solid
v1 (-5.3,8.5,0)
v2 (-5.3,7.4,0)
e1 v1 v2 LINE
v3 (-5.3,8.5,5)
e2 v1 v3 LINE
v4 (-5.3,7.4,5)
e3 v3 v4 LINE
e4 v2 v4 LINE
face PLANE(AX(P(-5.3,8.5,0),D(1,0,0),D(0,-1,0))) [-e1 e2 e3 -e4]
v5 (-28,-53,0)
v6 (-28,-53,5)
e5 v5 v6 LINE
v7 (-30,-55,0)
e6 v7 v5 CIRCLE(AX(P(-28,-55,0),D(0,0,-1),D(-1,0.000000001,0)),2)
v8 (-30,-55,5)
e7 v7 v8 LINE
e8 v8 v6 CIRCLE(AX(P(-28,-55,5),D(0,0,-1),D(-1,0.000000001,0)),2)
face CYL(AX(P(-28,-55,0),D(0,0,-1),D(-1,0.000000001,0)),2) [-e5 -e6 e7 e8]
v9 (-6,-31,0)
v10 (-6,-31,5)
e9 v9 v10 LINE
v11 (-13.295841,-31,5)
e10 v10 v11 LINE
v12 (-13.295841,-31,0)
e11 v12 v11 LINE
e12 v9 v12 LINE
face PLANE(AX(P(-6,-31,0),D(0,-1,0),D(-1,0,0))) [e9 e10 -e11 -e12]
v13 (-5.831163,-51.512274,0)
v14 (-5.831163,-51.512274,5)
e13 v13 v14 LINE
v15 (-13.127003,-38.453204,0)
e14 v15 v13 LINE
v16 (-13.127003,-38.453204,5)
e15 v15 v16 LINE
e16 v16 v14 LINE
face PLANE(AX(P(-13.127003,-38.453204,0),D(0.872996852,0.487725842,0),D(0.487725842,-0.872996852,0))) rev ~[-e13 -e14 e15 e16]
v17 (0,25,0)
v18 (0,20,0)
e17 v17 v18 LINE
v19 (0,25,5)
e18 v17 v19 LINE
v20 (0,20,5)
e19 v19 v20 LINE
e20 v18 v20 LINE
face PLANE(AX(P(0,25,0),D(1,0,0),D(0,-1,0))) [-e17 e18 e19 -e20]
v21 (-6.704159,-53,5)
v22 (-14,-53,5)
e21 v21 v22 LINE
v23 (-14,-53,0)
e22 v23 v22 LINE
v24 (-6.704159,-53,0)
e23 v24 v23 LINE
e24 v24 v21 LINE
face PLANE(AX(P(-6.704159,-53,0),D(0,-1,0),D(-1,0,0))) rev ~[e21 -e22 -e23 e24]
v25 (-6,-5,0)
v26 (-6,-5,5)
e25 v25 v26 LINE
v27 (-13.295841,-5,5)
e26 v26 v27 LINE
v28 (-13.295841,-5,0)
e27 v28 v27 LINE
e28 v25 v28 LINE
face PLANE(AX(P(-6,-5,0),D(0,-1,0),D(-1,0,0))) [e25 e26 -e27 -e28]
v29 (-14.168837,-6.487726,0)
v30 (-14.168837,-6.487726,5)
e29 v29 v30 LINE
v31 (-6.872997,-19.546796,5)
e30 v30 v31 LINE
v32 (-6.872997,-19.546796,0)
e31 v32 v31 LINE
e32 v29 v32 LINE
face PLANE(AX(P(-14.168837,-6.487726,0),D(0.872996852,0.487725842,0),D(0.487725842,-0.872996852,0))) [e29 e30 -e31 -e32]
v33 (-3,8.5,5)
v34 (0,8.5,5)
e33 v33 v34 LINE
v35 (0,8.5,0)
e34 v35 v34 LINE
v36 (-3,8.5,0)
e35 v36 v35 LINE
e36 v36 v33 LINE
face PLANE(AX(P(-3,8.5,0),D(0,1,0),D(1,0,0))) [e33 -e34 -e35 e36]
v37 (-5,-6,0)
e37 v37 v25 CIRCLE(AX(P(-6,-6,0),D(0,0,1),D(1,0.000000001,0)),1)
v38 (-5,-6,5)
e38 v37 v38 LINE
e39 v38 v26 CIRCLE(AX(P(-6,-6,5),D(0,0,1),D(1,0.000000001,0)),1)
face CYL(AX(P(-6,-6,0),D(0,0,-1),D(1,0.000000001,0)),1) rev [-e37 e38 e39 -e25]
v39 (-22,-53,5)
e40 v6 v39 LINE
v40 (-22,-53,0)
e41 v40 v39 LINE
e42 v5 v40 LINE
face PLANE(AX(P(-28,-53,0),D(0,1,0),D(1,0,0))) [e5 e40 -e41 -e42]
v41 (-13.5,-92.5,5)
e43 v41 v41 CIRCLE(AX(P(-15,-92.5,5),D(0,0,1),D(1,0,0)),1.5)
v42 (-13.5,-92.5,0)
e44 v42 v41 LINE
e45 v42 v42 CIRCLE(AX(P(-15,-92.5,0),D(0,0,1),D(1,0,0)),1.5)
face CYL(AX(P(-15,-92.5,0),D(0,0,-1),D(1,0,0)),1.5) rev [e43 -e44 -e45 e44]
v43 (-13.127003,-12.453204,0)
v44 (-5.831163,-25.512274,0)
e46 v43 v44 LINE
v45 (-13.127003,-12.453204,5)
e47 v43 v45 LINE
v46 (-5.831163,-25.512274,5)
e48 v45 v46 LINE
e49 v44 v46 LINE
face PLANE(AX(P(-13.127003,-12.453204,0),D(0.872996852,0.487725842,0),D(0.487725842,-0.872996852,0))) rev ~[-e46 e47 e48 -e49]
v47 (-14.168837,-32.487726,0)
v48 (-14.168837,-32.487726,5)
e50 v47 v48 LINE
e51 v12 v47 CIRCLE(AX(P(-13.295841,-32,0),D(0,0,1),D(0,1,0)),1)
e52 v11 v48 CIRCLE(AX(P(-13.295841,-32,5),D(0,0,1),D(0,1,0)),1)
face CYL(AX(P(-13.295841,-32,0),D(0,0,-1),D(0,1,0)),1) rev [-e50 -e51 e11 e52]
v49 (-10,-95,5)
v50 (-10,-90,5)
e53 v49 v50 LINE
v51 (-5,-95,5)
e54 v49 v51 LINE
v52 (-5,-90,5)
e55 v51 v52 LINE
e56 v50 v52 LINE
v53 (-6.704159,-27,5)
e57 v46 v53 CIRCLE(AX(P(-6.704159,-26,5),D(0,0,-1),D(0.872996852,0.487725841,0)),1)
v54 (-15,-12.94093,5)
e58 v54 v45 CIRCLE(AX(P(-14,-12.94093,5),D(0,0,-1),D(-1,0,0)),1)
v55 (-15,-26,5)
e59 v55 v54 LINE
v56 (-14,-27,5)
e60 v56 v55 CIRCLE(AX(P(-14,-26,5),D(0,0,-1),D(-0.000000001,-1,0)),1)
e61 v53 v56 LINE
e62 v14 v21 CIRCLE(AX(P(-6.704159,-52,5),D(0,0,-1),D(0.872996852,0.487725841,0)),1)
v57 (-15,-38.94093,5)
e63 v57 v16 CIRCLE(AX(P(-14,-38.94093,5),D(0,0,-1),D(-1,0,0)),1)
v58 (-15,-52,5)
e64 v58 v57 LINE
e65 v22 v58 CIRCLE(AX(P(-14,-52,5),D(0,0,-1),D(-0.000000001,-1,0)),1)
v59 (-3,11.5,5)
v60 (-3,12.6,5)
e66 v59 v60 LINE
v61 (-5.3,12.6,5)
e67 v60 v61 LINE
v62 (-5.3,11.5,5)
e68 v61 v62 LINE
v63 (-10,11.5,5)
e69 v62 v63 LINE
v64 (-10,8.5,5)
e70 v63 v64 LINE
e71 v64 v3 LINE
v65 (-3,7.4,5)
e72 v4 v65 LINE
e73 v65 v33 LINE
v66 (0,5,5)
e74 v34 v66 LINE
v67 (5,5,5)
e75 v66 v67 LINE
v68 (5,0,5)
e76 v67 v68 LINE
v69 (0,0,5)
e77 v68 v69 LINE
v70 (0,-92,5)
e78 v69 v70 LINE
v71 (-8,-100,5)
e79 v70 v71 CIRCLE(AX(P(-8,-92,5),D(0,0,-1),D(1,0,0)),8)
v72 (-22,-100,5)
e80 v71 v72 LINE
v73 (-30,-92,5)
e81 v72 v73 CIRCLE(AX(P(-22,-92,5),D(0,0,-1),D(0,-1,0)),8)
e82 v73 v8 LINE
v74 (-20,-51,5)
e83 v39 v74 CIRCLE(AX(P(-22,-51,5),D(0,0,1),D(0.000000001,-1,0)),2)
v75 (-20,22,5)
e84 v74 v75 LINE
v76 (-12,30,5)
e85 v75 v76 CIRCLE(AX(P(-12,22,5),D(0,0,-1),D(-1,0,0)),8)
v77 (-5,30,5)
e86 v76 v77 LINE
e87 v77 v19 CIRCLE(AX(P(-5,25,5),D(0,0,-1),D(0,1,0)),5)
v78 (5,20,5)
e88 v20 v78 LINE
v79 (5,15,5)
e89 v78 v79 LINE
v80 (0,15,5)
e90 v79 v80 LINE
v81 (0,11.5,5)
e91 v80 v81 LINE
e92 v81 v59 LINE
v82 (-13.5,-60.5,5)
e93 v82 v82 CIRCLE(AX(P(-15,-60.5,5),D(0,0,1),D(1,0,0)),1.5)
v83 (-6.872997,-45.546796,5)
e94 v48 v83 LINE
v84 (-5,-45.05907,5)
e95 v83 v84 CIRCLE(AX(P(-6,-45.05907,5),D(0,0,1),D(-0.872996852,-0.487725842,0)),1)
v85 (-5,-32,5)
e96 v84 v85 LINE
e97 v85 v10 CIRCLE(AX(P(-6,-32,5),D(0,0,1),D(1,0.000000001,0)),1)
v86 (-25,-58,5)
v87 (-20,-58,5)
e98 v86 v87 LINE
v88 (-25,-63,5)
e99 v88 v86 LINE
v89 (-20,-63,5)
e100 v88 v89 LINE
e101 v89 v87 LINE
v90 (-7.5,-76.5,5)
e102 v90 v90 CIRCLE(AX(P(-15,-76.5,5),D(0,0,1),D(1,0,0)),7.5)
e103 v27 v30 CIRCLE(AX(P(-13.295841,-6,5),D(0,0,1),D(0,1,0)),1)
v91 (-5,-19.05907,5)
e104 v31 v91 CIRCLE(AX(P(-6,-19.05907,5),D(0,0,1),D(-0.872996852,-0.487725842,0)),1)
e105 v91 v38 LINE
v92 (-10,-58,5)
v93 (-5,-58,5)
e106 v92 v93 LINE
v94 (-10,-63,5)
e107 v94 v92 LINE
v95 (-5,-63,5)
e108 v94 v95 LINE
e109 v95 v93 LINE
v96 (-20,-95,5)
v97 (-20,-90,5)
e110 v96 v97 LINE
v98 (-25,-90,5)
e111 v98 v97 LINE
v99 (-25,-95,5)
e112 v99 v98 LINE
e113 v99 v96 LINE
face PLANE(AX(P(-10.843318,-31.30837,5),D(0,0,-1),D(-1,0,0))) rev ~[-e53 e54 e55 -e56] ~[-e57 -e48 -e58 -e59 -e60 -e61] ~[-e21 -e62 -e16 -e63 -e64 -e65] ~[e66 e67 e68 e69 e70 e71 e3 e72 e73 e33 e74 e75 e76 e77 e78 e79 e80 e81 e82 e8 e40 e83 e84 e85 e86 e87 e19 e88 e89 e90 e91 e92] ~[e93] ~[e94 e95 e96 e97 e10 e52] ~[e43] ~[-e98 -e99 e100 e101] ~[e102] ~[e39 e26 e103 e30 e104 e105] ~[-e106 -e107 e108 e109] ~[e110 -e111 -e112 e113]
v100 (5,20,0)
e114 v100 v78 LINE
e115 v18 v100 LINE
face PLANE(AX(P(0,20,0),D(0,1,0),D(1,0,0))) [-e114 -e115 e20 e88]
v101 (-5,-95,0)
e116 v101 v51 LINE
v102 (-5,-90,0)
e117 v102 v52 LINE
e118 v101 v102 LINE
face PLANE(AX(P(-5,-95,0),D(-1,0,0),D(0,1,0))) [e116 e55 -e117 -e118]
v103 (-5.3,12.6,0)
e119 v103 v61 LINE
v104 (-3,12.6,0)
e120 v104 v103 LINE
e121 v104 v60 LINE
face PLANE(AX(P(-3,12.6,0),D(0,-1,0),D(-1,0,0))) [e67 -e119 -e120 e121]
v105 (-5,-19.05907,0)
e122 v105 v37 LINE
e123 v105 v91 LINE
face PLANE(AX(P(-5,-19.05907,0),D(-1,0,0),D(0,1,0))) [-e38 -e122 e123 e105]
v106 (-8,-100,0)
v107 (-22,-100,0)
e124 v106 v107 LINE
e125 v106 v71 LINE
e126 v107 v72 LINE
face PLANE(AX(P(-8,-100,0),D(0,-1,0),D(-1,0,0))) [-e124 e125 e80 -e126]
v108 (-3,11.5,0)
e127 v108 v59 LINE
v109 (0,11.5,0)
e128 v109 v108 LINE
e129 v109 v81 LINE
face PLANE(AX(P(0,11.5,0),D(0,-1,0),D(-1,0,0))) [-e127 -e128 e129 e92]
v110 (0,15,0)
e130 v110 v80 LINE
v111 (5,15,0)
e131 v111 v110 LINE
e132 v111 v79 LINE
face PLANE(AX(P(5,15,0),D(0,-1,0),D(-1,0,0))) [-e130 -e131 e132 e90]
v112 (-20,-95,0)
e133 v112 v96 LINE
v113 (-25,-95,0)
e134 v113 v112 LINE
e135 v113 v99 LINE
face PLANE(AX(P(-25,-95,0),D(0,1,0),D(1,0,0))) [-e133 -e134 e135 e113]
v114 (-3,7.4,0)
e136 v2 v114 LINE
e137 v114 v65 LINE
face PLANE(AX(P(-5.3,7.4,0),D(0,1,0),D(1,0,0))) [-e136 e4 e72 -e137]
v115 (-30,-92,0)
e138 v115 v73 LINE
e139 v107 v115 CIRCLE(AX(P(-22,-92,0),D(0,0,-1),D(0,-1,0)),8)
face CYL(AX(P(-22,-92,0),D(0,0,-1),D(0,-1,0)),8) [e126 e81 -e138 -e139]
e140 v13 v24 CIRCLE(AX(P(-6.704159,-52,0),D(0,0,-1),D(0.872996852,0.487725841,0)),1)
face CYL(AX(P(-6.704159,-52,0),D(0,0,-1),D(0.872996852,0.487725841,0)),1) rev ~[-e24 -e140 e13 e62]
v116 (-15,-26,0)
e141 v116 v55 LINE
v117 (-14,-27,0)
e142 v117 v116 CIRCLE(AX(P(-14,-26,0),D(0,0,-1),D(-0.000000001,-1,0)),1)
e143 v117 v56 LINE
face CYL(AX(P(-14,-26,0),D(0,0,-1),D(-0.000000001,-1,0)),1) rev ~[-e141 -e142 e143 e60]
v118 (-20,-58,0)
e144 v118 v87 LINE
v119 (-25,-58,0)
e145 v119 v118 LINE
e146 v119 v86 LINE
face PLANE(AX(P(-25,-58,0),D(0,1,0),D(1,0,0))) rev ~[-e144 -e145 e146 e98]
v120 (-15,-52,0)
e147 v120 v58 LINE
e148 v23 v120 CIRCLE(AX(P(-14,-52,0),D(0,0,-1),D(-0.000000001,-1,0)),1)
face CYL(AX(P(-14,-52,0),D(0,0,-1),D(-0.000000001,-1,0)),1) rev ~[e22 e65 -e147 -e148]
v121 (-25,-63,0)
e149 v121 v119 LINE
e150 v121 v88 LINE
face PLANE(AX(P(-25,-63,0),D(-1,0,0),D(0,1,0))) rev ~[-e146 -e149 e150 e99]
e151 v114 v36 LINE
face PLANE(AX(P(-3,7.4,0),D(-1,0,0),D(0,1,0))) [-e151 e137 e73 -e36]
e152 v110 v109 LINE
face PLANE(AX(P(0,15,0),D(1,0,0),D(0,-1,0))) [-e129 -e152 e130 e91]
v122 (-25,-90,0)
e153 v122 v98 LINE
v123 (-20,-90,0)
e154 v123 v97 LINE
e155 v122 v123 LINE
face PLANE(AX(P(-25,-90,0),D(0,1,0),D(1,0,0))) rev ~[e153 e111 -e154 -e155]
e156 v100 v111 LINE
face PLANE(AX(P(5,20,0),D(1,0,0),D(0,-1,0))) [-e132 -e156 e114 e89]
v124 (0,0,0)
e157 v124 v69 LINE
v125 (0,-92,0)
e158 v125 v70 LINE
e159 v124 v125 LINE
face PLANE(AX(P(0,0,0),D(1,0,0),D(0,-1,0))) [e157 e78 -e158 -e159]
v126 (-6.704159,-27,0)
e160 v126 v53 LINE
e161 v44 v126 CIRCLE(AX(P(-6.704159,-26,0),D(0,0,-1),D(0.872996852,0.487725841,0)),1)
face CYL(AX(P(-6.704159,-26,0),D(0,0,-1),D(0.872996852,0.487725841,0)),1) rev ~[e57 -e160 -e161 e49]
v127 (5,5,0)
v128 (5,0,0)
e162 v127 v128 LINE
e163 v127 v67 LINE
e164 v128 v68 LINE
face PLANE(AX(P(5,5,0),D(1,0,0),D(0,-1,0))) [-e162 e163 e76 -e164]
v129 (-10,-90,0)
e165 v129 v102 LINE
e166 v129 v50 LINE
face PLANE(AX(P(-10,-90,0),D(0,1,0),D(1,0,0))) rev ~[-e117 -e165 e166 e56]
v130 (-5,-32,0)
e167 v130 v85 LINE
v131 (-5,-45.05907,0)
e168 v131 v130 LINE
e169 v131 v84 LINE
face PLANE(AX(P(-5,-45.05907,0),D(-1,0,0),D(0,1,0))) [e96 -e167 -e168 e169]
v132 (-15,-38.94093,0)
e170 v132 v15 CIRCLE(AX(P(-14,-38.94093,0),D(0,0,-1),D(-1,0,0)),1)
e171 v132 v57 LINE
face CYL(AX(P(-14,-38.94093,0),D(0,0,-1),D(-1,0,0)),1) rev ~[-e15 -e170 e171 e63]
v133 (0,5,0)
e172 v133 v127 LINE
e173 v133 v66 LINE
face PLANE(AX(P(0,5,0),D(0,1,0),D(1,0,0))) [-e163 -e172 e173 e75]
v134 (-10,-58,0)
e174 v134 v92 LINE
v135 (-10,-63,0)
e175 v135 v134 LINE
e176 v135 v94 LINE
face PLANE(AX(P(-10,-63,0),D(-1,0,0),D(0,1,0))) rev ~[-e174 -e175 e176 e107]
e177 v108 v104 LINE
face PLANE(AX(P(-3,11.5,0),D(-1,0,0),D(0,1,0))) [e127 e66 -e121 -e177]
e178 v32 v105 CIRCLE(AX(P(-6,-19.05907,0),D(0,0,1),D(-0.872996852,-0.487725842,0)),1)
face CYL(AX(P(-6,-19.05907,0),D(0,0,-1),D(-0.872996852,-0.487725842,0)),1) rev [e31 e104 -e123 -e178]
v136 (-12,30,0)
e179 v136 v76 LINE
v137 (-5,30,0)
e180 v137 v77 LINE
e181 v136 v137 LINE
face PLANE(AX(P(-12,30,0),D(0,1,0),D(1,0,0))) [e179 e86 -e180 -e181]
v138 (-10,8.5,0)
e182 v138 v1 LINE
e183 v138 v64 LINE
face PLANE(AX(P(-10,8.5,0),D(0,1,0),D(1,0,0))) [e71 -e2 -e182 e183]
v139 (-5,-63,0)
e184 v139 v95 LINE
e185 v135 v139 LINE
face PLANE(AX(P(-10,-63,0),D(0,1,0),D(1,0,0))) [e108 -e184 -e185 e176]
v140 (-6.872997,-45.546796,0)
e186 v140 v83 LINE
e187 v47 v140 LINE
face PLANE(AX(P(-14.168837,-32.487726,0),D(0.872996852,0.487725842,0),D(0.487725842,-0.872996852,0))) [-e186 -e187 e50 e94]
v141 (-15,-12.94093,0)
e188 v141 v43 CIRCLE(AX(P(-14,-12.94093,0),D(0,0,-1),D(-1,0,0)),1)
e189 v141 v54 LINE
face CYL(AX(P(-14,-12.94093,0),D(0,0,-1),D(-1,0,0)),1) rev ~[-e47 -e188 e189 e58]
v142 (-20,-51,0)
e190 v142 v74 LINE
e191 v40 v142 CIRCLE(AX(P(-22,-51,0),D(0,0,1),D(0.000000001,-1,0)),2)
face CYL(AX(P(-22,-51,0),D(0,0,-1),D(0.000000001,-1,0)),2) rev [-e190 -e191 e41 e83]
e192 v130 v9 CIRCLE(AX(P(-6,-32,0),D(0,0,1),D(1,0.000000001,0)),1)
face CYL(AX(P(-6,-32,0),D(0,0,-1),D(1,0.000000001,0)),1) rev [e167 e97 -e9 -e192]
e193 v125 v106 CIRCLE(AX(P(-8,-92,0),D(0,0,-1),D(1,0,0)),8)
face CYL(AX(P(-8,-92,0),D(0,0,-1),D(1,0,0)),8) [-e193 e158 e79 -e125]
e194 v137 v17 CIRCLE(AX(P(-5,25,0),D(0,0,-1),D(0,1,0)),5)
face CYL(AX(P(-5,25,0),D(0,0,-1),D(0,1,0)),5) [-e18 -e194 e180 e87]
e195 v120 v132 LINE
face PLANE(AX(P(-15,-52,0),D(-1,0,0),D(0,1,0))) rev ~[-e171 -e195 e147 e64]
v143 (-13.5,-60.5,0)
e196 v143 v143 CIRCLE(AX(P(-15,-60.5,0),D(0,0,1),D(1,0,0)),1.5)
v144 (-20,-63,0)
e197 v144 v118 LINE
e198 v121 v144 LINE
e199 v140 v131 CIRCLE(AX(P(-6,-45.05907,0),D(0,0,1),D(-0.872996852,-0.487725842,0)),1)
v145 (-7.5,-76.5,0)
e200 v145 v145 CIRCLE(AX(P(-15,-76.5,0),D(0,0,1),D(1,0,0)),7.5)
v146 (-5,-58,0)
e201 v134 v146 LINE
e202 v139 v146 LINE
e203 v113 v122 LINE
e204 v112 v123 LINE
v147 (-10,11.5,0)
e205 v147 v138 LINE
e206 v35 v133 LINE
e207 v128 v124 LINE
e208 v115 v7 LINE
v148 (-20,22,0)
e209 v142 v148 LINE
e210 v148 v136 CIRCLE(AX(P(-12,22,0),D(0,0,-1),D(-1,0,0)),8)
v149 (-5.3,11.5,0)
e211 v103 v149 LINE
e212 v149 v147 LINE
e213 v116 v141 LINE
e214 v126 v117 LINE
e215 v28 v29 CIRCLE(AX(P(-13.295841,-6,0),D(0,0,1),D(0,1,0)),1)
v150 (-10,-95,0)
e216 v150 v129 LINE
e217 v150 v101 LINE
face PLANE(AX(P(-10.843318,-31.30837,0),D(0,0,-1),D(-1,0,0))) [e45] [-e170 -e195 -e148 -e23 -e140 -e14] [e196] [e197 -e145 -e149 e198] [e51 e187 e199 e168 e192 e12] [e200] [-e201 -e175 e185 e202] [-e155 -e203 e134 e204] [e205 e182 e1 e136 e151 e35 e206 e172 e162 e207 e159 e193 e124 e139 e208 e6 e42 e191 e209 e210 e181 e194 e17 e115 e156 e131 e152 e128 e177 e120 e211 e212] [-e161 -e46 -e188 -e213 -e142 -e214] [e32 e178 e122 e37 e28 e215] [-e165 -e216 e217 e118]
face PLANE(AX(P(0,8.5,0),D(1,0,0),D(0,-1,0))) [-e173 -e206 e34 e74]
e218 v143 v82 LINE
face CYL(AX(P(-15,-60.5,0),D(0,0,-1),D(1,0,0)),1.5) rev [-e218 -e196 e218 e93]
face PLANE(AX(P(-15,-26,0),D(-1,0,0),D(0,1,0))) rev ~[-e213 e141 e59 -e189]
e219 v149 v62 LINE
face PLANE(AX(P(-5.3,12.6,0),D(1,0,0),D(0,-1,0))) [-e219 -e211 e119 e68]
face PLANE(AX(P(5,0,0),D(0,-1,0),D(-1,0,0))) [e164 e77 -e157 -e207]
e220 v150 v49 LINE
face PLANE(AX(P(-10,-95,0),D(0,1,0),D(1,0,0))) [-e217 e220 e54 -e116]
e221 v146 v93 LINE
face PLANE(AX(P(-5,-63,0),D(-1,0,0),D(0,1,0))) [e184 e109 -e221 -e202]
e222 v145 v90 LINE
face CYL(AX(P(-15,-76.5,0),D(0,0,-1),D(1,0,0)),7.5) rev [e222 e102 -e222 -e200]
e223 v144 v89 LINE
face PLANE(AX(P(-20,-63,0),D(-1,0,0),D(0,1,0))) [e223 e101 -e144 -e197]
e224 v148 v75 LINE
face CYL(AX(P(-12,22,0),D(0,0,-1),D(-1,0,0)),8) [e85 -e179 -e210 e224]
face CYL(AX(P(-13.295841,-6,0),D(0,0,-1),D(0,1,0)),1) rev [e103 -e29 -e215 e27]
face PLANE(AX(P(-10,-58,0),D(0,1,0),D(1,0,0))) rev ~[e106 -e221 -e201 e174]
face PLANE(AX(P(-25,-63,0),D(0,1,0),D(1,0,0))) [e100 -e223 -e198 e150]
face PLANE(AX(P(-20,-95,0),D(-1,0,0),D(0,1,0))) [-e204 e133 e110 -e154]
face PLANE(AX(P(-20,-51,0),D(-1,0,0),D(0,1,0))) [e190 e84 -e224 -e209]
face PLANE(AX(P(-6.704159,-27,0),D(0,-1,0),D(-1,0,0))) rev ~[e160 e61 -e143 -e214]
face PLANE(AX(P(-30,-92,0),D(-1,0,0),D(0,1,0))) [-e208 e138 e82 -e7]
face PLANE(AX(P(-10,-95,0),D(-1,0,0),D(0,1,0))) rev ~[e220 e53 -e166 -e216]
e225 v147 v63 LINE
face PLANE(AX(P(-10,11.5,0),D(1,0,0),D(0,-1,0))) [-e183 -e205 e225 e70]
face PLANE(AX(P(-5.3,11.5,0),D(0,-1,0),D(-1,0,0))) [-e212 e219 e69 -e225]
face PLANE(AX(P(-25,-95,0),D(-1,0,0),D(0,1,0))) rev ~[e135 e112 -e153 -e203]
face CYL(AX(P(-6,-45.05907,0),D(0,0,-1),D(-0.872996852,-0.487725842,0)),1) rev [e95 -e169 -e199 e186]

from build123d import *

# Parameters (mm, degrees)
ESQUISSE1_R        = 7.5
ESQUISSE1_R_2      = 1.5
ESQUISSE1_W        = 5
ESQUISSE1_H        = 5
BOSS_EXTRU_1_DEPTH = 5


with BuildPart() as part:
    # Esquisse1 → Boss.-Extru.1 (new body)
    with BuildSketch(Plane.XY):
        with BuildLine():
            Line((0, 0), (0, -92))
            ThreePointArc((0, -92), (-2.343145751, -97.656854249), (-8, -100))
            Line((-8, -100), (-22, -100))
            ThreePointArc((-22, -100), (-27.656854249, -97.656854249), (-30, -92))
            Line((-30, -92), (-30, -55))
            ThreePointArc((-30, -55), (-29.414213562, -53.585786438), (-28, -53))
            Line((-28, -53), (-22, -53))
            ThreePointArc((-22, -53), (-20.585786438, -52.414213562), (-20, -51))
            Line((-20, -51), (-20, 22))
            ThreePointArc((-20, 22), (-17.656854249, 27.656854249), (-12, 30))
            Line((-12, 30), (-5, 30))
            ThreePointArc((-5, 30), (-1.464466094, 28.535533906), (0, 25))
            Line((0, 25), (0, 20))
            Line((0, 20), (5, 20))
            Line((5, 20), (5, 15))
            Line((5, 15), (0, 15))
            Line((0, 15), (0, 11.5))
            Line((0, 11.5), (-3, 11.5))
            Line((-3, 11.5), (-3, 12.6))
            Line((-3, 12.6), (-5.3, 12.6))
            Line((-5.3, 12.6), (-5.3, 11.5))
            Line((-5.3, 11.5), (-10, 11.5))
            Line((-10, 11.5), (-10, 8.5))
            Line((-10, 8.5), (-5.3, 8.5))
            Line((-5.3, 8.5), (-5.3, 7.4))
            Line((-5.3, 7.4), (-3, 7.4))
            Line((-3, 7.4), (-3, 8.5))
            Line((-3, 8.5), (0, 8.5))
            Line((0, 8.5), (0, 5))
            Line((0, 5), (5, 5))
            Line((5, 5), (5, 0))
            Line((5, 0), (0, 0))
        make_face()
        with Locations((-15, -76.5)):
            Circle(ESQUISSE1_R, mode=Mode.SUBTRACT)
        with Locations((-15, -60.5)):
            Circle(ESQUISSE1_R_2, mode=Mode.SUBTRACT)
        with Locations((-15, -92.5)):
            Circle(ESQUISSE1_R_2, mode=Mode.SUBTRACT)
        with Locations((-7.5, -92.5)):
            Rectangle(ESQUISSE1_W, ESQUISSE1_H, mode=Mode.SUBTRACT)
        with Locations((-22.5, -92.5)):
            Rectangle(ESQUISSE1_W, ESQUISSE1_H, mode=Mode.SUBTRACT)
        with Locations((-22.5, -60.5)):
            Rectangle(ESQUISSE1_W, ESQUISSE1_H, mode=Mode.SUBTRACT)
        with Locations((-7.5, -60.5)):
            Rectangle(ESQUISSE1_W, ESQUISSE1_H, mode=Mode.SUBTRACT)
        with BuildLine():
            Line((-6, -5), (-13.295840542, -5))
            ThreePointArc((-13.295840542, -5), (-14.158315423, -5.493900129), (-14.168837394, -6.487725842))
            Line((-14.168837394, -6.487725842), (-6.872996852, -19.546795671))
            ThreePointArc((-6.872996852, -19.546795671), (-5.748004813, -20.026798317), (-5, -19.059069829))
            Line((-5, -19.059069829), (-5, -6))
            ThreePointArc((-5, -6), (-5.292893219, -5.292893219), (-6, -5))
        make_face(mode=Mode.SUBTRACT)
        with BuildLine():
            Line((-13.127003148, -12.453204329), (-5.831162606, -25.512274158))
            ThreePointArc((-5.831162606, -25.512274158), (-5.841684577, -26.506099871), (-6.704159458, -27))
            Line((-6.704159458, -27), (-14, -27))
            ThreePointArc((-14, -27), (-14.707106781, -26.707106781), (-15, -26))
            Line((-15, -26), (-15, -12.940930171))
            ThreePointArc((-15, -12.940930171), (-14.251995187, -11.973201683), (-13.127003148, -12.453204329))
        make_face(mode=Mode.SUBTRACT)
        with BuildLine():
            Line((-6, -31), (-13.295840542, -31))
            ThreePointArc((-13.295840542, -31), (-14.158315423, -31.493900129), (-14.168837394, -32.487725842))
            Line((-14.168837394, -32.487725842), (-6.872996852, -45.546795671))
            ThreePointArc((-6.872996852, -45.546795671), (-5.748004813, -46.026798317), (-5, -45.059069829))
            Line((-5, -45.059069829), (-5, -32))
            ThreePointArc((-5, -32), (-5.292893219, -31.292893219), (-6, -31))
        make_face(mode=Mode.SUBTRACT)
        with BuildLine():
            Line((-13.127003148, -38.453204329), (-5.831162606, -51.512274158))
            ThreePointArc((-5.831162606, -51.512274158), (-5.841684577, -52.506099871), (-6.704159458, -53))
            Line((-6.704159458, -53), (-14, -53))
            ThreePointArc((-14, -53), (-14.707106781, -52.707106781), (-15, -52))
            Line((-15, -52), (-15, -38.940930171))
            ThreePointArc((-15, -38.940930171), (-14.251995187, -37.973201683), (-13.127003148, -38.453204329))
        make_face(mode=Mode.SUBTRACT)
    extrude(amount=BOSS_EXTRU_1_DEPTH)


solid = part.part
